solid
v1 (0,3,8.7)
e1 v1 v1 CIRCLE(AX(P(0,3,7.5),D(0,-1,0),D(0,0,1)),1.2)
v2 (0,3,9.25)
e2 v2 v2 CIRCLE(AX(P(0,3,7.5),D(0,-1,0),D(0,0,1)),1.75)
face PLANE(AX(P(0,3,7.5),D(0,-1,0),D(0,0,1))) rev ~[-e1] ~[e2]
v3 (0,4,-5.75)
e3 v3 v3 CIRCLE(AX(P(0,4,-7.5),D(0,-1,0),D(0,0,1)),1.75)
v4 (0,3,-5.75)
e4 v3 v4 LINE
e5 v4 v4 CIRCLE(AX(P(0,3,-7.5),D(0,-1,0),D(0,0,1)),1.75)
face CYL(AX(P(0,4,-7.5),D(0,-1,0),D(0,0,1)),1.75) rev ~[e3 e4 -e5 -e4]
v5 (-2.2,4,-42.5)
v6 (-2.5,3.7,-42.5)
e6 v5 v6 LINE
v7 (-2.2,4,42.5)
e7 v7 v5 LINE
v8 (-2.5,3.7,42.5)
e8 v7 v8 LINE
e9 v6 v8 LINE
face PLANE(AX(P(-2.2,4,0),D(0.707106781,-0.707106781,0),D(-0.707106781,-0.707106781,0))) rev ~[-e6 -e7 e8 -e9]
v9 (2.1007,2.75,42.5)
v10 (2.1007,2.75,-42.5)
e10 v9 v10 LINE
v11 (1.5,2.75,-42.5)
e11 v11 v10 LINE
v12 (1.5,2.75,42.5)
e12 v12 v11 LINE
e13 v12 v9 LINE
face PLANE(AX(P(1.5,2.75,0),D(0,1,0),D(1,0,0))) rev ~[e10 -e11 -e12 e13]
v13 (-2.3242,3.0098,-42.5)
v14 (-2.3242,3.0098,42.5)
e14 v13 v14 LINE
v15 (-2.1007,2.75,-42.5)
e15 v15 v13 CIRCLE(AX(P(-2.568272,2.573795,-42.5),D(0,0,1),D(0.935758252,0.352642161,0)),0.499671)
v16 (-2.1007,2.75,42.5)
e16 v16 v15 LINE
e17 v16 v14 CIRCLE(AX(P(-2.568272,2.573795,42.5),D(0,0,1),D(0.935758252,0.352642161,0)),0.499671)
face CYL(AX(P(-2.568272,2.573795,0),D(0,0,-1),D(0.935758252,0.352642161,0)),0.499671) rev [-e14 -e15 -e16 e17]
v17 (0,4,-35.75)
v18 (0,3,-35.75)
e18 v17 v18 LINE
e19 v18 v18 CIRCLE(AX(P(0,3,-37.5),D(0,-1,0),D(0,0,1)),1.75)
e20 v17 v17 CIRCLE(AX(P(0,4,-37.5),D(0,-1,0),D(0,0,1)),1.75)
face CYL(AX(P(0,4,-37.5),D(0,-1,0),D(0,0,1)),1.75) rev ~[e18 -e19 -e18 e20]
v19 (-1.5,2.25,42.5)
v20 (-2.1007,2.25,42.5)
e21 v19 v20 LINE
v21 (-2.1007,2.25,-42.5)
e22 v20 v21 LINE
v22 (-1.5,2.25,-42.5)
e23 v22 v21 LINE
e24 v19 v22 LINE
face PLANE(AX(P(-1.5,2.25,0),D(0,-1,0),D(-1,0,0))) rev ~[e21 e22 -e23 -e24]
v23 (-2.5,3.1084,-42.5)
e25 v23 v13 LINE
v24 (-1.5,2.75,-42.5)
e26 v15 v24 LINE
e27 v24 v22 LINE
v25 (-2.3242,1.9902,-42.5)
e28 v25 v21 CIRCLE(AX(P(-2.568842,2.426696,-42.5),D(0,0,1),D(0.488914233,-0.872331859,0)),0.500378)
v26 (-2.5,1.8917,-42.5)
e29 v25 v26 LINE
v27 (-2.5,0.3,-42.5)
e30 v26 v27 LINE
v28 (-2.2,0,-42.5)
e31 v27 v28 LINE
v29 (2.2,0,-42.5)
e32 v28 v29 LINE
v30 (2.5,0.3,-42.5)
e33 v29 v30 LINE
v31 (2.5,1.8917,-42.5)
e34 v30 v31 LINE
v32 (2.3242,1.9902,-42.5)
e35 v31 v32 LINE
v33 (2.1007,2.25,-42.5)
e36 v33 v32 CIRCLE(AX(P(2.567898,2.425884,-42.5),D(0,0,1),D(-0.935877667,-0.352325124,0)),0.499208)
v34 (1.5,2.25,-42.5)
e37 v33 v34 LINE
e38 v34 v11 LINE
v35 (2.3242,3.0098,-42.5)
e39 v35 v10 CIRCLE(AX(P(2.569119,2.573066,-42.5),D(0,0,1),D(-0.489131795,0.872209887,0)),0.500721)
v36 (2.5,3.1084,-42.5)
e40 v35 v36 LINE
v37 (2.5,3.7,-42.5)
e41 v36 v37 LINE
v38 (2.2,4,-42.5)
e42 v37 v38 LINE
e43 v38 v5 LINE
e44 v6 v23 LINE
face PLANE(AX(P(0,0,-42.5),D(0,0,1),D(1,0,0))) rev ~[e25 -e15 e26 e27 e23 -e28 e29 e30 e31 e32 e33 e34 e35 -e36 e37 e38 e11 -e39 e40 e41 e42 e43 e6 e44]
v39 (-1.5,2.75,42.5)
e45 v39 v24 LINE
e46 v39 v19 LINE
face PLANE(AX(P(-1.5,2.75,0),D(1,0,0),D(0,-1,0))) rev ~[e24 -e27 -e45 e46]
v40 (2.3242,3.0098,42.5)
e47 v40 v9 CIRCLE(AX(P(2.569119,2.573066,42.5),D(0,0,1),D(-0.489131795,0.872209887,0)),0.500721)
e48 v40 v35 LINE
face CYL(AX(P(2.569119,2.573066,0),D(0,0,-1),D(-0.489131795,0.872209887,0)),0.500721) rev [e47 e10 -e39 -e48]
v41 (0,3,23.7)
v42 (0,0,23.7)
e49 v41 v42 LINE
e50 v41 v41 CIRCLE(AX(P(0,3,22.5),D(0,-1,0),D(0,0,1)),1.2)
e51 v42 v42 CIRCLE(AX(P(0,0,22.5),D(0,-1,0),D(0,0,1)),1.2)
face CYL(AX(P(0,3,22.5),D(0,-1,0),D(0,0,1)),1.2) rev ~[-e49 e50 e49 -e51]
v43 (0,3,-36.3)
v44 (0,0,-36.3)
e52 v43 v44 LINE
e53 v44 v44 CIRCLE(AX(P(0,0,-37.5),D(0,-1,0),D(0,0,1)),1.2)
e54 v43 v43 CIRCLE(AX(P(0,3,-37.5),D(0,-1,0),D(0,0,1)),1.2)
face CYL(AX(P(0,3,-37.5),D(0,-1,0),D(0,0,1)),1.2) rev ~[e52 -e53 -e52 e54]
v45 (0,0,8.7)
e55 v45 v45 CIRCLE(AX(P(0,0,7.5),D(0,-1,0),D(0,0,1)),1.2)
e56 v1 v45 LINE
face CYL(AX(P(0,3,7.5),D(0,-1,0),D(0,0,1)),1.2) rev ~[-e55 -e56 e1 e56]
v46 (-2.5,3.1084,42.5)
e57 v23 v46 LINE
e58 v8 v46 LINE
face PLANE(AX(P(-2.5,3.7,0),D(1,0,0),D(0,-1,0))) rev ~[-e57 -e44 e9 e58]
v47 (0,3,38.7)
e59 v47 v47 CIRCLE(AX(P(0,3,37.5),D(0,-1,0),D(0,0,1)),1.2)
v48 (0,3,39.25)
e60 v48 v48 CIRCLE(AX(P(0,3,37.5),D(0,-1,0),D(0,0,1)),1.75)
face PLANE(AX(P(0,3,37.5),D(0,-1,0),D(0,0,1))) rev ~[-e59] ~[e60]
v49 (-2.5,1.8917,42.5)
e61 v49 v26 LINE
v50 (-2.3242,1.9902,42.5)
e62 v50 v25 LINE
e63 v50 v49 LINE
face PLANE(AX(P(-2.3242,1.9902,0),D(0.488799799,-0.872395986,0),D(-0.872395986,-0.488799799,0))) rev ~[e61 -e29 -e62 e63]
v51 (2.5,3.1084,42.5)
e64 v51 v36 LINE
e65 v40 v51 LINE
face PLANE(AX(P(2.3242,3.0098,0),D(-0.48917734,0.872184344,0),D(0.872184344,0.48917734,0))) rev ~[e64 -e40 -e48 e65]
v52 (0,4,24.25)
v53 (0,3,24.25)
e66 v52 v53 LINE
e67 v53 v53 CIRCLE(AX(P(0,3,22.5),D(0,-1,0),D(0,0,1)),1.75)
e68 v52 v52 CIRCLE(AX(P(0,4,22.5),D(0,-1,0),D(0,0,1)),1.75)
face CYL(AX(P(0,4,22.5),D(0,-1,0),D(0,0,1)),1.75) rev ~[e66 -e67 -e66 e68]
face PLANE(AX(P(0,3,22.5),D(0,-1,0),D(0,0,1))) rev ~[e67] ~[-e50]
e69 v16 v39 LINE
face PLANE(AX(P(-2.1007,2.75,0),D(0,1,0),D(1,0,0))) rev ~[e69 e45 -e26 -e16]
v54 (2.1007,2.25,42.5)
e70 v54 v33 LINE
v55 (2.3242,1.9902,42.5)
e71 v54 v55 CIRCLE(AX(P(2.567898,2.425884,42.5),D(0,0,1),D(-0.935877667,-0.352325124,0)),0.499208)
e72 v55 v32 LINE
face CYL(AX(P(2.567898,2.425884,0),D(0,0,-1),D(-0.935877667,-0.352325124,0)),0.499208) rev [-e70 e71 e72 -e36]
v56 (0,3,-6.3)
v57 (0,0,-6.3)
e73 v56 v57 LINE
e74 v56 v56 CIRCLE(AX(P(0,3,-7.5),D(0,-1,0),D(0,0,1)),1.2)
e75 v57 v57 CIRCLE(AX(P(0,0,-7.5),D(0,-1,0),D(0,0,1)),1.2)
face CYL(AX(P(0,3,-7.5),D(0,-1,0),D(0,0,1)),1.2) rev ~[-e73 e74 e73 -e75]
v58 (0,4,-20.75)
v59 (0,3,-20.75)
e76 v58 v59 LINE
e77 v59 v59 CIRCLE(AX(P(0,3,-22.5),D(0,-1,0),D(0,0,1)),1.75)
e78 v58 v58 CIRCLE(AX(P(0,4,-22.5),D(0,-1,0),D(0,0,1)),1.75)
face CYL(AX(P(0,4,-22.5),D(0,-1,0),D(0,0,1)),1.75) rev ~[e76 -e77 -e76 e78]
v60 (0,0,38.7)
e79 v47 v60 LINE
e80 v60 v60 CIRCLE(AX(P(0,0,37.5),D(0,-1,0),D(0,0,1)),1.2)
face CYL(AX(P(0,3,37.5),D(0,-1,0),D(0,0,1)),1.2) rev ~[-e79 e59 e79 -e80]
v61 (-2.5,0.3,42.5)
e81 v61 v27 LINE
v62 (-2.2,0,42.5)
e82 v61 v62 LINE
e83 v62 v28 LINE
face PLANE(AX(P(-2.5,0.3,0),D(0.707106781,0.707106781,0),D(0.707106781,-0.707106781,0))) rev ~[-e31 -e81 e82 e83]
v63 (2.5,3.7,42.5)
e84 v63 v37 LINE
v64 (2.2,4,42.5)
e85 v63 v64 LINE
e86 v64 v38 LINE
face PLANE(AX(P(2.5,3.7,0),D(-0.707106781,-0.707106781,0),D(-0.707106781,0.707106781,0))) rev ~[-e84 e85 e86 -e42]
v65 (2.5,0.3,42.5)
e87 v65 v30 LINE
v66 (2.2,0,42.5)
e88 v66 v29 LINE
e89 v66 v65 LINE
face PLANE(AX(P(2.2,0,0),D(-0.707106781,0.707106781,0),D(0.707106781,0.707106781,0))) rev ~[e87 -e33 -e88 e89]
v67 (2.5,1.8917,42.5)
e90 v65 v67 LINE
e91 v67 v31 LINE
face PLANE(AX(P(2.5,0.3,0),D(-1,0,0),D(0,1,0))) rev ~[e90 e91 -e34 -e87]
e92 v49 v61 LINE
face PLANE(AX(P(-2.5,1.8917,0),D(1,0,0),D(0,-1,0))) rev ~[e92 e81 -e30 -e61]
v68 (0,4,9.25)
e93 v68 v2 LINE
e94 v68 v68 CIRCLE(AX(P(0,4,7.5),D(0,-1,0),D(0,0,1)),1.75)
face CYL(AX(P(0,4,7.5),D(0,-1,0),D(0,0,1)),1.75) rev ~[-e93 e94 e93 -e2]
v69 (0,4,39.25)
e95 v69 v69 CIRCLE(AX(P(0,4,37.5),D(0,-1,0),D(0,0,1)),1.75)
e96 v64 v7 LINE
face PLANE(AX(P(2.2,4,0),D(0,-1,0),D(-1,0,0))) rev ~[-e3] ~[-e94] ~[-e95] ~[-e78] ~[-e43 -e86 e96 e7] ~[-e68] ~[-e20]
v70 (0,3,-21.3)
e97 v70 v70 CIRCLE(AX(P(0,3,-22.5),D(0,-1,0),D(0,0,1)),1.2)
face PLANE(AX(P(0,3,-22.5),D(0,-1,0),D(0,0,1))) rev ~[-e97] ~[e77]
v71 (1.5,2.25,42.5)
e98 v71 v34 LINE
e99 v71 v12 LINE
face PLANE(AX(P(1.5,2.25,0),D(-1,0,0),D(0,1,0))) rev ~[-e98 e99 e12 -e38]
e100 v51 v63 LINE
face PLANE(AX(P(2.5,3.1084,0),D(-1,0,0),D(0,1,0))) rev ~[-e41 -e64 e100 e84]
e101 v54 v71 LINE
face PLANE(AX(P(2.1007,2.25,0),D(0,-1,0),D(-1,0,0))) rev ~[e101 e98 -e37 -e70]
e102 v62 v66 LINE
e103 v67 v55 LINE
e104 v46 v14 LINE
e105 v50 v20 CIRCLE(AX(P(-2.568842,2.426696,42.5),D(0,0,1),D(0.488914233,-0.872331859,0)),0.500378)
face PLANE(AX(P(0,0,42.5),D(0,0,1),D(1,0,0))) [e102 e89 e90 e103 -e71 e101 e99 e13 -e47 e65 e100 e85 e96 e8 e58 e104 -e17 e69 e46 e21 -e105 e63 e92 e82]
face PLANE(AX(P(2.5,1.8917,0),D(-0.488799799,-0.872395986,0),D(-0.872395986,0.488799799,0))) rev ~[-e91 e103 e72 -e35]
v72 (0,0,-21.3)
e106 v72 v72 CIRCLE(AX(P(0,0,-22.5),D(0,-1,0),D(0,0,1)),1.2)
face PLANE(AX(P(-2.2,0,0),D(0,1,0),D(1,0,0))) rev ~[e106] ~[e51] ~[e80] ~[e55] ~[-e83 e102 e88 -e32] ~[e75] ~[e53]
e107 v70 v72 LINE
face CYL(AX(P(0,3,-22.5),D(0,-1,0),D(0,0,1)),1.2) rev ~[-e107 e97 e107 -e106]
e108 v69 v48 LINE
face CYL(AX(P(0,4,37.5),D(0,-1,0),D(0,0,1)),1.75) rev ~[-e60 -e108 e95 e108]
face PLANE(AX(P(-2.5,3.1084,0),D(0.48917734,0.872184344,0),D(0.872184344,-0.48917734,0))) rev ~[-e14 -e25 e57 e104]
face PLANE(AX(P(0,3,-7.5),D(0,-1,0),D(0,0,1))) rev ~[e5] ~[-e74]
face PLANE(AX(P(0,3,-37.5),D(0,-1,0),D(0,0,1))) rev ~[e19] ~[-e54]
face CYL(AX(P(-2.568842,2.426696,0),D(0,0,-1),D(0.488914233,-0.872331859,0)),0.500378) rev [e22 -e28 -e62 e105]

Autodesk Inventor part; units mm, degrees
sketch "Sketch_12" plane through (0, 0, 0) normal (0, 0, 1) x (1, 0, 0)
  line L0 (-2.5, 3.7) -> (-2.5, 3.1084)
  line L1 (-2.5, 3.1084) -> (-2.3242, 3.0098)
  arc A0 (-2.1007, 2.75) -> (-2.3242, 3.0098) centre (-2.5686, 2.5736) ccw
  line L2 (-2.1007, 2.75) -> (-1.5, 2.75)
  line L3 (-1.5, 2.75) -> (-1.5, 2.25)
  line L4 (-1.5, 2.25) -> (-2.1007, 2.25)
  arc A1 (-2.3242, 1.9902) -> (-2.1007, 2.25) centre (-2.5686, 2.4264) ccw
  line L5 (-2.3242, 1.9902) -> (-2.5, 1.8917)
  line L6 (-2.5, 1.8917) -> (-2.5, 0.3)
  line L7 (-2.5, 0.3) -> (-2.2, 0)
  line L8 (-2.2, 0) -> (2.2, 0)
  line L9 (2.2, 0) -> (2.5, 0.3)
  line L10 (2.5, 0.3) -> (2.5, 1.8917)
  line L11 (2.5, 1.8917) -> (2.3242, 1.9902)
  arc A2 (2.1007, 2.25) -> (2.3242, 1.9902) centre (2.5686, 2.4263) ccw
  line L12 (2.1007, 2.25) -> (1.5, 2.25)
  line L13 (1.5, 2.25) -> (1.5, 2.75)
  line L14 (1.5, 2.75) -> (2.1007, 2.75)
  arc A3 (2.3242, 3.0098) -> (2.1007, 2.75) centre (2.5686, 2.5737) ccw
  line L15 (2.3242, 3.0098) -> (2.5, 3.1084)
  line L16 (2.5, 3.1084) -> (2.5, 3.7)
  line L17 (2.5, 3.7) -> (2.2, 4)
  line L18 (2.2, 4) -> (-2.2, 4)
  line L19 (-2.2, 4) -> (-2.5, 3.7)
extrude "Extrusion1" add sketch "Sketch_12" along normal mid plane 85
sketch "Sketch2" plane through (-2.2, 4, 42.5) normal (0, 1, 0) x (1, 0, 0)
  point P0 (2.2, 80)
hole "Hole1" at (0, 4, -37.5) direction (0, -1, 0) diameter 2.4 depth 4 counterbore diameter 3.5 counterbore depth 1
pattern_linear "Rectangular Pattern1" count 6 spacing 15 along (0, 0, 1) of "Hole1"
ref_plane "rail_to_adjusting_block_XY" through (0, 0, -37.5) normal (0, 1, 0) x (1, 0, 0)
ref_plane "rail_to_adjusting_block_YZ" through (0, 0, -37.5) normal (1, 0, 0) x (0, 0, -1)
ref_plane "rail_to_adjusting_block_ZX" through (0, 0, -37.5) normal (0, 0, -1) x (0, 1, 0)
ref_plane "screw_1_XY" through (0, 3, 37.5) normal (0, -1, 0) x (1, 0, 0)
ref_plane "screw_1_YZ" through (0, 3, 37.5) normal (1, 0, 0) x (0, 0, 1)
ref_plane "screw_1_ZX" through (0, 3, 37.5) normal (0, 0, 1) x (0, -1, 0)
ref_plane "screw_2_XY" through (0, 3, 22.5) normal (0, -1, 0) x (1, 0, 0)
ref_plane "screw_2_YZ" through (0, 3, 22.5) normal (1, 0, 0) x (0, 0, 1)
ref_plane "screw_2_ZX" through (0, 3, 22.5) normal (0, 0, 1) x (0, -1, 0)
ref_plane "screw_3_XY" through (0, 3, 7.5) normal (0, -1, 0) x (1, 0, 0)
ref_plane "screw_3_YZ" through (0, 3, 7.5) normal (1, 0, 0) x (0, 0, 1)
ref_plane "screw_3_ZX" through (0, 3, 7.5) normal (0, 0, 1) x (0, -1, 0)
ref_plane "screw_4_XY" through (0, 3, -7.5) normal (0, -1, 0) x (1, 0, 0)
ref_plane "screw_4_YZ" through (0, 3, -7.5) normal (1, 0, 0) x (0, 0, 1)
ref_plane "screw_4_ZX" through (0, 3, -7.5) normal (0, 0, 1) x (0, -1, 0)
ref_plane "screw_5_XY" through (0, 3, -22.5) normal (0, -1, 0) x (1, 0, 0)
ref_plane "screw_5_YZ" through (0, 3, -22.5) normal (1, 0, 0) x (0, 0, 1)
ref_plane "screw_5_ZX" through (0, 3, -22.5) normal (0, 0, 1) x (0, -1, 0)
ref_plane "screw_6_XY" through (0, 3, -37.5) normal (0, -1, 0) x (1, 0, 0)
ref_plane "screw_6_YZ" through (0, 3, -37.5) normal (1, 0, 0) x (0, 0, 1)
ref_plane "screw_6_ZX" through (0, 3, -37.5) normal (0, 0, 1) x (0, -1, 0)
ref_plane "to_block_XY" through (0, 4, 21.25) normal (0, 0, 1) x (1, 0, 0)
ref_plane "to_block_YZ" through (0, 4, 21.25) normal (1, 0, 0) x (0, 1, 0)
ref_plane "to_block_ZX" through (0, 4, 21.25) normal (0, 1, 0) x (0, 0, 1)
ref_plane "to_block_2_XY" through (0, 4, -21.25) normal (0, 0, 1) x (1, 0, 0)
ref_plane "to_block_2_YZ" through (0, 4, -21.25) normal (1, 0, 0) x (0, 1, 0)
ref_plane "to_block_2_ZX" through (0, 4, -21.25) normal (0, 1, 0) x (0, 0, 1)
ref_plane "to_kue_XY" through (0, 0, 0) normal (0, 1, 0) x (1, 0, 0)
ref_plane "to_kue_YZ" through (0, 0, 0) normal (1, 0, 0) x (0, 0, -1)
ref_plane "to_kue_ZX" through (0, 0, 0) normal (0, 0, -1) x (0, 1, 0)
properties part number "SSE2B6-85_r"
